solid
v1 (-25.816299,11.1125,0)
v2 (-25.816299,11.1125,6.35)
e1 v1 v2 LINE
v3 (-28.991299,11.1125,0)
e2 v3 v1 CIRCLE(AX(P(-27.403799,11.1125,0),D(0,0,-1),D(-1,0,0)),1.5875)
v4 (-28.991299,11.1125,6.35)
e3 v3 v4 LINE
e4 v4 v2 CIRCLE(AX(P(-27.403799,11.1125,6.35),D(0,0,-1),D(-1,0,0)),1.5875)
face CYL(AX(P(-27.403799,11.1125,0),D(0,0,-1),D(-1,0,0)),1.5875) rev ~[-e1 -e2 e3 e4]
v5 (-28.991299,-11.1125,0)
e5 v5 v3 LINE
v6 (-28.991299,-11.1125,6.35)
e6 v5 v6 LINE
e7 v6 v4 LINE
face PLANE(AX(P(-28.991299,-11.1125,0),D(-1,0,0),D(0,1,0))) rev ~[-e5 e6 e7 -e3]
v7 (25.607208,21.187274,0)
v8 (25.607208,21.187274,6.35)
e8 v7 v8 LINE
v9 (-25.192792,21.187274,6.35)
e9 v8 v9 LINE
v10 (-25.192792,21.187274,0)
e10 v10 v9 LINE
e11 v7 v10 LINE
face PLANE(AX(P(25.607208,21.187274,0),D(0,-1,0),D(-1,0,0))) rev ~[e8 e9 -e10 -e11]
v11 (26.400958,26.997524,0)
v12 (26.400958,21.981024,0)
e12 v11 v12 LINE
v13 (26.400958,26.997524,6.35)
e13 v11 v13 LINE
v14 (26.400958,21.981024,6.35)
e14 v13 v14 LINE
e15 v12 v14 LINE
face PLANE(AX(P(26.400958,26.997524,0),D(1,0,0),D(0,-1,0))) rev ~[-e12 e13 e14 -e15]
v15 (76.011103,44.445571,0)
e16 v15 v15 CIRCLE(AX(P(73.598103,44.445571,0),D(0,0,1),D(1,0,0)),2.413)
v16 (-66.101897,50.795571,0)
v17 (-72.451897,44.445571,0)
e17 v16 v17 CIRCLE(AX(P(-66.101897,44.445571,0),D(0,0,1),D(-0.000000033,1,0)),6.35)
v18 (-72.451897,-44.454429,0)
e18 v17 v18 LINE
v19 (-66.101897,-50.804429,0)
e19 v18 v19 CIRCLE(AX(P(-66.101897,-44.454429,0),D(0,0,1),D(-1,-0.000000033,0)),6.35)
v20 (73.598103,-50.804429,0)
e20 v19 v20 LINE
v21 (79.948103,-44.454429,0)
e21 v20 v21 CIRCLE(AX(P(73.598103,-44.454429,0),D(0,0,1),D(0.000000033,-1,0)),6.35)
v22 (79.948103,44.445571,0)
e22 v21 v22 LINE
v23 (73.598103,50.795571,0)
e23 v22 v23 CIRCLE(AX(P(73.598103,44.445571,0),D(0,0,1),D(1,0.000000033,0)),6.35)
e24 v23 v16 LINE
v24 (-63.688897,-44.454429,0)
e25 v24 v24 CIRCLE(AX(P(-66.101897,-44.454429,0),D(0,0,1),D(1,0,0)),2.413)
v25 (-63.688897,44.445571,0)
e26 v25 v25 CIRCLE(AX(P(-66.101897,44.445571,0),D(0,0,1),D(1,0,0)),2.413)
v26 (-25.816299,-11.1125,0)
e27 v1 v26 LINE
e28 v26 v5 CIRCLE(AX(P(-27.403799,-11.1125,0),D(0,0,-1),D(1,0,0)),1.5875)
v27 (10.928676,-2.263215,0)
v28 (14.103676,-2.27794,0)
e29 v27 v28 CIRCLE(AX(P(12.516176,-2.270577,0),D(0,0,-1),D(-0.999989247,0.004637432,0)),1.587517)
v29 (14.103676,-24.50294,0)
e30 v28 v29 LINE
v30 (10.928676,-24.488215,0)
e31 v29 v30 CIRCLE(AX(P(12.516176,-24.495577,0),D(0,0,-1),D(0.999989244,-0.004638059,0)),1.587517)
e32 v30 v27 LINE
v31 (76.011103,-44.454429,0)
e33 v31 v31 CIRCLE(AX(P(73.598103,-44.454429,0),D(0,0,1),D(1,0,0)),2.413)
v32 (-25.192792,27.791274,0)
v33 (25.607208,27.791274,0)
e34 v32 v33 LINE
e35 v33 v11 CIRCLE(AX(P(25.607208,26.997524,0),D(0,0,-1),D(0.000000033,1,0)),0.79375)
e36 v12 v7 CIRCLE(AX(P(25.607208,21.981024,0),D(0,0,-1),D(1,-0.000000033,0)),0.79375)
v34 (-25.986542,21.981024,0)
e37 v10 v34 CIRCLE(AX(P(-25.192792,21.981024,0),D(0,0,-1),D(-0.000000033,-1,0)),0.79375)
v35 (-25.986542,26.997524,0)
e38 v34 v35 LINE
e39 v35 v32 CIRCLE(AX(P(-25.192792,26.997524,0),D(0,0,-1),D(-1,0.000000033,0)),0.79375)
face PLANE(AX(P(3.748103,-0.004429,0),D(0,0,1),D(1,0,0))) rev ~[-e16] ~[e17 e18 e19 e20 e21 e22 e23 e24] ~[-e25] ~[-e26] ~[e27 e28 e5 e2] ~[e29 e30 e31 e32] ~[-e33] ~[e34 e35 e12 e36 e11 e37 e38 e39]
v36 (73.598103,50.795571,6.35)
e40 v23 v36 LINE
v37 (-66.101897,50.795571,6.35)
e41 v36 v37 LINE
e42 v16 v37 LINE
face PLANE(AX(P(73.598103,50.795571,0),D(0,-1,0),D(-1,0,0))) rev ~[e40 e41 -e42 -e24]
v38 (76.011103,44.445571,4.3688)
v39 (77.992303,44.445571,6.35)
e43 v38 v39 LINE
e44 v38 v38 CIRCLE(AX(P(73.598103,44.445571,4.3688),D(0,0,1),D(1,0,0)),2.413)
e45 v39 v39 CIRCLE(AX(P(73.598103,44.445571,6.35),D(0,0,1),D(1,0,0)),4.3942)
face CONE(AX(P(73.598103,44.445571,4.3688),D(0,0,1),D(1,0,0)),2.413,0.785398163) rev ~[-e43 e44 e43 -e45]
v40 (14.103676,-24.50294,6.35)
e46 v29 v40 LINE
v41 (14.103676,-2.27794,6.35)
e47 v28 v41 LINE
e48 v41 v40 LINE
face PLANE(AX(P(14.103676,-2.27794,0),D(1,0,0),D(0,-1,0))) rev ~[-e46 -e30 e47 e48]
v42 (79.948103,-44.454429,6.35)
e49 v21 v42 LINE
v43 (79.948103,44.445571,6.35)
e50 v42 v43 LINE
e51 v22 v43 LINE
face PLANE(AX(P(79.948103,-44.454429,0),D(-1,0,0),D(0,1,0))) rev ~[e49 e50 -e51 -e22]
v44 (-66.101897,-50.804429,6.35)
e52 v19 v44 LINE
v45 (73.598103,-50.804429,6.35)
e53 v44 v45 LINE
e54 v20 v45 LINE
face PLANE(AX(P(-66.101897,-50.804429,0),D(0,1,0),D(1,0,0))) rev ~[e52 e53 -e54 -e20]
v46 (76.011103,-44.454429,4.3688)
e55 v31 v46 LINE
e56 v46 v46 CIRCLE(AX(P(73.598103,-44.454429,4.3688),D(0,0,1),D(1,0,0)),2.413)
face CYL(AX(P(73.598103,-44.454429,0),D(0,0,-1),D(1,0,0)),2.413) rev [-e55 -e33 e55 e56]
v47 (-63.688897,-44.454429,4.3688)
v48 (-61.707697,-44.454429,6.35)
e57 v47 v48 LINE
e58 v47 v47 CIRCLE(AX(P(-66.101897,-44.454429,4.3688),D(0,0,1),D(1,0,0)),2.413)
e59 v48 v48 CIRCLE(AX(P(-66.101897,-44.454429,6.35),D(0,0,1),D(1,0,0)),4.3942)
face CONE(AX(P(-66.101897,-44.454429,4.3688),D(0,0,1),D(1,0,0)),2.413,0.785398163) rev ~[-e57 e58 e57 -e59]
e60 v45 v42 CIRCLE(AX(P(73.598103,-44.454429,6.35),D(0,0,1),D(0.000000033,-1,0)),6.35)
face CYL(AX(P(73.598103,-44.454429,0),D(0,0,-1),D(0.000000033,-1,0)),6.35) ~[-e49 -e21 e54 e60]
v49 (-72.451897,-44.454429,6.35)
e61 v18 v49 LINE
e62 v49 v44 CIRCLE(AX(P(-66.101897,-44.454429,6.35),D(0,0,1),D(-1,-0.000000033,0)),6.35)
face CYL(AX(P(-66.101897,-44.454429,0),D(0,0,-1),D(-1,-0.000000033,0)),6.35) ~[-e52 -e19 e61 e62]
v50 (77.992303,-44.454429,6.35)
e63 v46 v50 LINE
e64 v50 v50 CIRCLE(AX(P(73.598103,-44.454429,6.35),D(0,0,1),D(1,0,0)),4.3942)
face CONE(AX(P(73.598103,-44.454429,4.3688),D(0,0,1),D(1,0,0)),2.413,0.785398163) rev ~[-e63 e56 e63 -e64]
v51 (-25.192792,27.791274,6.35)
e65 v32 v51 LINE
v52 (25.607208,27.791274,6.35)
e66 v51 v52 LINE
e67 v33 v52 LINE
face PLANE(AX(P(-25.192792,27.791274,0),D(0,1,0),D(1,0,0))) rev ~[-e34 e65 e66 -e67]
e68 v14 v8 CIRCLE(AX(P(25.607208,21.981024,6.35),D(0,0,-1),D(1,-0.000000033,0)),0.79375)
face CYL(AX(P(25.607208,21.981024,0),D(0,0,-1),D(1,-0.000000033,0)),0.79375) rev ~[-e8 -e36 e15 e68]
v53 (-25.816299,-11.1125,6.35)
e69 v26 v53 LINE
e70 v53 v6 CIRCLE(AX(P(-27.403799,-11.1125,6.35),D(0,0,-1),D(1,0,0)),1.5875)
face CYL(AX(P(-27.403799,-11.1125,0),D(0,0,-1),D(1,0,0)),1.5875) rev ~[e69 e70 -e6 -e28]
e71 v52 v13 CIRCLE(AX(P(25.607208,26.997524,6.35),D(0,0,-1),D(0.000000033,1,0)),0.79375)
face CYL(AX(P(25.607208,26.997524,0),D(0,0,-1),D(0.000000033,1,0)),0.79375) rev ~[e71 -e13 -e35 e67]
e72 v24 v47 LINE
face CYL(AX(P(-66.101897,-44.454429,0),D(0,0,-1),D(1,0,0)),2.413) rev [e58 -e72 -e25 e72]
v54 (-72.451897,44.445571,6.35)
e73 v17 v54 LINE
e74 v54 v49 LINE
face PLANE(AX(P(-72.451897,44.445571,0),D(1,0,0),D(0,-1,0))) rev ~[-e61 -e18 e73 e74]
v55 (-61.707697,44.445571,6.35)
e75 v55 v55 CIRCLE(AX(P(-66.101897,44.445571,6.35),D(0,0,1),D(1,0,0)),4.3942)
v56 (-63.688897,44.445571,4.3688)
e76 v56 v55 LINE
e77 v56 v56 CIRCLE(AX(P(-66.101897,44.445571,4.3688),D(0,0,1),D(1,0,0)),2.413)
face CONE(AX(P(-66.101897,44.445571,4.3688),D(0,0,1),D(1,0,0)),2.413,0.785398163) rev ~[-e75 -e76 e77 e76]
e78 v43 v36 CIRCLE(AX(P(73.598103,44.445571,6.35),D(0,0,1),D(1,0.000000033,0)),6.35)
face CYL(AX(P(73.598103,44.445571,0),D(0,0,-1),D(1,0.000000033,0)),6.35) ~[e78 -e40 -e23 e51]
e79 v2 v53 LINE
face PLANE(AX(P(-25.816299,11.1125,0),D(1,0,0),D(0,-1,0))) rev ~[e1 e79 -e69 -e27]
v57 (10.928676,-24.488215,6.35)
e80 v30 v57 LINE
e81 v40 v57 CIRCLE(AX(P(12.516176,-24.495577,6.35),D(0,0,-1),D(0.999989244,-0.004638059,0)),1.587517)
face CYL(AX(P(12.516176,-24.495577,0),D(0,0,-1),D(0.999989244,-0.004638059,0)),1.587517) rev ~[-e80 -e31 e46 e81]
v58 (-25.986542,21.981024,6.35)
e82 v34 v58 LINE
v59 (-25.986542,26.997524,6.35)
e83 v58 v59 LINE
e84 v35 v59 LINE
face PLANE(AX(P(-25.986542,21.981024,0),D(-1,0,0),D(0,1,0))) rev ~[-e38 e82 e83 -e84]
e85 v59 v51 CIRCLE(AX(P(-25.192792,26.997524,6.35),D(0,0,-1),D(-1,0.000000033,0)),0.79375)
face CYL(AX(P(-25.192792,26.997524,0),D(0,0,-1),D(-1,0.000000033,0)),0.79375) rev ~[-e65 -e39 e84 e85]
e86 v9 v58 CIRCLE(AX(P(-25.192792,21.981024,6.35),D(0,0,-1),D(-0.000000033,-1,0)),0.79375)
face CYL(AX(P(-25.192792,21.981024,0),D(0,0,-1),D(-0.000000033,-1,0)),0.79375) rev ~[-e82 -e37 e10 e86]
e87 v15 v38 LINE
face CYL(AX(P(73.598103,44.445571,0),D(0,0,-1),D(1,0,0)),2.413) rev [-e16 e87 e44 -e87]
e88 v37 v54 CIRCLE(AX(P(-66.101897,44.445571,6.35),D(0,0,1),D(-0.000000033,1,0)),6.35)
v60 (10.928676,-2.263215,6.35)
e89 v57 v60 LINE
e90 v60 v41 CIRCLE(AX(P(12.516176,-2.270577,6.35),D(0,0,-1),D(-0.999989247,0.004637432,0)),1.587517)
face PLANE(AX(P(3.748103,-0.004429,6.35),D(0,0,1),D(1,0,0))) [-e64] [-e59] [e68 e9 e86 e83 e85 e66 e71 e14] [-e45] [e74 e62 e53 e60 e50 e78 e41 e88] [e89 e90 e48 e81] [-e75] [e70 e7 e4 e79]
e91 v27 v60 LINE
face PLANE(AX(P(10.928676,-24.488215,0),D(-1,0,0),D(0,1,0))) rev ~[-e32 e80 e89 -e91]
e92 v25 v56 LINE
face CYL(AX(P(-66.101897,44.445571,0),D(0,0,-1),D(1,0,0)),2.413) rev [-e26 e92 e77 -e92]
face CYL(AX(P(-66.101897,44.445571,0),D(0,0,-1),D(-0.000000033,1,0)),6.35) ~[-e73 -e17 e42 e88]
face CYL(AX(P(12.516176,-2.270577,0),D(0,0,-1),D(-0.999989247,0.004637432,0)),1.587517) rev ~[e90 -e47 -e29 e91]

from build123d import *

# Parameters (mm, degrees)
F0_R     = 2.413
F1_DEPTH = 6.35
F2_SIZE  = 1.9812


with BuildPart() as f1:
    # F0 (on Top) → F1 (new body)
    with BuildSketch(Plane.XY):
        with BuildLine():
            ThreePointArc((-72.451897, -44.454429), (-70.592025, -48.944557), (-66.101897, -50.804429))
            Line((-66.101897, -50.804429), (73.598103, -50.804429))
            ThreePointArc((73.598103, -50.804429), (78.088231, -48.944557), (79.948103, -44.454429))
            Line((79.948103, -44.454429), (79.948103, 44.445571))
            ThreePointArc((79.948103, 44.445571), (78.088231, 48.935699), (73.598103, 50.795571))
            Line((73.598103, 50.795571), (-66.101897, 50.795571))
            ThreePointArc((-66.101897, 50.795571), (-70.592025, 48.935699), (-72.451897, 44.445571))
            Line((-72.451897, 44.445571), (-72.451897, -44.454429))
        make_face()
        with Locations((-66.101897, -44.454429)):
            Circle(F0_R, mode=Mode.SUBTRACT)
        with Locations((73.598103, -44.454429)):
            Circle(F0_R, mode=Mode.SUBTRACT)
        with BuildLine():
            ThreePointArc((10.928676, -2.263215), (12.523538, -0.683077), (14.103676, -2.27794))
            Line((14.103676, -2.27794), (14.103676, -24.50294))
            ThreePointArc((14.103676, -24.50294), (12.508813, -26.083077), (10.928676, -24.488215))
            Line((10.928676, -24.488215), (10.928676, -2.263215))
        make_face(mode=Mode.SUBTRACT)
        with BuildLine():
            ThreePointArc((-28.991299, 11.1125), (-27.403799, 12.7), (-25.816299, 11.1125))
            Line((-25.816299, 11.1125), (-25.816299, -11.1125))
            ThreePointArc((-25.816299, -11.1125), (-27.403799, -12.7), (-28.991299, -11.1125))
            Line((-28.991299, -11.1125), (-28.991299, 11.1125))
        make_face(mode=Mode.SUBTRACT)
        with BuildLine():
            ThreePointArc((-25.986542, 26.997524), (-25.754058, 27.55879), (-25.192792, 27.791274))
            Line((-25.192792, 27.791274), (25.607208, 27.791274))
            ThreePointArc((25.607208, 27.791274), (26.168474, 27.55879), (26.400958, 26.997524))
            Line((26.400958, 26.997524), (26.400958, 21.981024))
            ThreePointArc((26.400958, 21.981024), (26.168474, 21.419758), (25.607208, 21.187274))
            Line((25.607208, 21.187274), (-25.192792, 21.187274))
            ThreePointArc((-25.192792, 21.187274), (-25.754058, 21.419758), (-25.986542, 21.981024))
            Line((-25.986542, 21.981024), (-25.986542, 26.997524))
        make_face(mode=Mode.SUBTRACT)
        with Locations((-66.101897, 44.445571)):
            Circle(F0_R, mode=Mode.SUBTRACT)
        with Locations((73.598103, 44.445571)):
            Circle(F0_R, mode=Mode.SUBTRACT)
    extrude(amount=F1_DEPTH)

    # F2
    f2_edges = [f1.edges().sort_by_distance(p)[0] for p in [
        (-68.514897, -44.454429, 6.35),
        (71.185103, -44.454429, 6.35),
        (71.185103, 44.445571, 6.35),
        (-68.514897, 44.445571, 6.35),
    ]]
    chamfer(f2_edges, length=F2_SIZE)


solid = f1.part
